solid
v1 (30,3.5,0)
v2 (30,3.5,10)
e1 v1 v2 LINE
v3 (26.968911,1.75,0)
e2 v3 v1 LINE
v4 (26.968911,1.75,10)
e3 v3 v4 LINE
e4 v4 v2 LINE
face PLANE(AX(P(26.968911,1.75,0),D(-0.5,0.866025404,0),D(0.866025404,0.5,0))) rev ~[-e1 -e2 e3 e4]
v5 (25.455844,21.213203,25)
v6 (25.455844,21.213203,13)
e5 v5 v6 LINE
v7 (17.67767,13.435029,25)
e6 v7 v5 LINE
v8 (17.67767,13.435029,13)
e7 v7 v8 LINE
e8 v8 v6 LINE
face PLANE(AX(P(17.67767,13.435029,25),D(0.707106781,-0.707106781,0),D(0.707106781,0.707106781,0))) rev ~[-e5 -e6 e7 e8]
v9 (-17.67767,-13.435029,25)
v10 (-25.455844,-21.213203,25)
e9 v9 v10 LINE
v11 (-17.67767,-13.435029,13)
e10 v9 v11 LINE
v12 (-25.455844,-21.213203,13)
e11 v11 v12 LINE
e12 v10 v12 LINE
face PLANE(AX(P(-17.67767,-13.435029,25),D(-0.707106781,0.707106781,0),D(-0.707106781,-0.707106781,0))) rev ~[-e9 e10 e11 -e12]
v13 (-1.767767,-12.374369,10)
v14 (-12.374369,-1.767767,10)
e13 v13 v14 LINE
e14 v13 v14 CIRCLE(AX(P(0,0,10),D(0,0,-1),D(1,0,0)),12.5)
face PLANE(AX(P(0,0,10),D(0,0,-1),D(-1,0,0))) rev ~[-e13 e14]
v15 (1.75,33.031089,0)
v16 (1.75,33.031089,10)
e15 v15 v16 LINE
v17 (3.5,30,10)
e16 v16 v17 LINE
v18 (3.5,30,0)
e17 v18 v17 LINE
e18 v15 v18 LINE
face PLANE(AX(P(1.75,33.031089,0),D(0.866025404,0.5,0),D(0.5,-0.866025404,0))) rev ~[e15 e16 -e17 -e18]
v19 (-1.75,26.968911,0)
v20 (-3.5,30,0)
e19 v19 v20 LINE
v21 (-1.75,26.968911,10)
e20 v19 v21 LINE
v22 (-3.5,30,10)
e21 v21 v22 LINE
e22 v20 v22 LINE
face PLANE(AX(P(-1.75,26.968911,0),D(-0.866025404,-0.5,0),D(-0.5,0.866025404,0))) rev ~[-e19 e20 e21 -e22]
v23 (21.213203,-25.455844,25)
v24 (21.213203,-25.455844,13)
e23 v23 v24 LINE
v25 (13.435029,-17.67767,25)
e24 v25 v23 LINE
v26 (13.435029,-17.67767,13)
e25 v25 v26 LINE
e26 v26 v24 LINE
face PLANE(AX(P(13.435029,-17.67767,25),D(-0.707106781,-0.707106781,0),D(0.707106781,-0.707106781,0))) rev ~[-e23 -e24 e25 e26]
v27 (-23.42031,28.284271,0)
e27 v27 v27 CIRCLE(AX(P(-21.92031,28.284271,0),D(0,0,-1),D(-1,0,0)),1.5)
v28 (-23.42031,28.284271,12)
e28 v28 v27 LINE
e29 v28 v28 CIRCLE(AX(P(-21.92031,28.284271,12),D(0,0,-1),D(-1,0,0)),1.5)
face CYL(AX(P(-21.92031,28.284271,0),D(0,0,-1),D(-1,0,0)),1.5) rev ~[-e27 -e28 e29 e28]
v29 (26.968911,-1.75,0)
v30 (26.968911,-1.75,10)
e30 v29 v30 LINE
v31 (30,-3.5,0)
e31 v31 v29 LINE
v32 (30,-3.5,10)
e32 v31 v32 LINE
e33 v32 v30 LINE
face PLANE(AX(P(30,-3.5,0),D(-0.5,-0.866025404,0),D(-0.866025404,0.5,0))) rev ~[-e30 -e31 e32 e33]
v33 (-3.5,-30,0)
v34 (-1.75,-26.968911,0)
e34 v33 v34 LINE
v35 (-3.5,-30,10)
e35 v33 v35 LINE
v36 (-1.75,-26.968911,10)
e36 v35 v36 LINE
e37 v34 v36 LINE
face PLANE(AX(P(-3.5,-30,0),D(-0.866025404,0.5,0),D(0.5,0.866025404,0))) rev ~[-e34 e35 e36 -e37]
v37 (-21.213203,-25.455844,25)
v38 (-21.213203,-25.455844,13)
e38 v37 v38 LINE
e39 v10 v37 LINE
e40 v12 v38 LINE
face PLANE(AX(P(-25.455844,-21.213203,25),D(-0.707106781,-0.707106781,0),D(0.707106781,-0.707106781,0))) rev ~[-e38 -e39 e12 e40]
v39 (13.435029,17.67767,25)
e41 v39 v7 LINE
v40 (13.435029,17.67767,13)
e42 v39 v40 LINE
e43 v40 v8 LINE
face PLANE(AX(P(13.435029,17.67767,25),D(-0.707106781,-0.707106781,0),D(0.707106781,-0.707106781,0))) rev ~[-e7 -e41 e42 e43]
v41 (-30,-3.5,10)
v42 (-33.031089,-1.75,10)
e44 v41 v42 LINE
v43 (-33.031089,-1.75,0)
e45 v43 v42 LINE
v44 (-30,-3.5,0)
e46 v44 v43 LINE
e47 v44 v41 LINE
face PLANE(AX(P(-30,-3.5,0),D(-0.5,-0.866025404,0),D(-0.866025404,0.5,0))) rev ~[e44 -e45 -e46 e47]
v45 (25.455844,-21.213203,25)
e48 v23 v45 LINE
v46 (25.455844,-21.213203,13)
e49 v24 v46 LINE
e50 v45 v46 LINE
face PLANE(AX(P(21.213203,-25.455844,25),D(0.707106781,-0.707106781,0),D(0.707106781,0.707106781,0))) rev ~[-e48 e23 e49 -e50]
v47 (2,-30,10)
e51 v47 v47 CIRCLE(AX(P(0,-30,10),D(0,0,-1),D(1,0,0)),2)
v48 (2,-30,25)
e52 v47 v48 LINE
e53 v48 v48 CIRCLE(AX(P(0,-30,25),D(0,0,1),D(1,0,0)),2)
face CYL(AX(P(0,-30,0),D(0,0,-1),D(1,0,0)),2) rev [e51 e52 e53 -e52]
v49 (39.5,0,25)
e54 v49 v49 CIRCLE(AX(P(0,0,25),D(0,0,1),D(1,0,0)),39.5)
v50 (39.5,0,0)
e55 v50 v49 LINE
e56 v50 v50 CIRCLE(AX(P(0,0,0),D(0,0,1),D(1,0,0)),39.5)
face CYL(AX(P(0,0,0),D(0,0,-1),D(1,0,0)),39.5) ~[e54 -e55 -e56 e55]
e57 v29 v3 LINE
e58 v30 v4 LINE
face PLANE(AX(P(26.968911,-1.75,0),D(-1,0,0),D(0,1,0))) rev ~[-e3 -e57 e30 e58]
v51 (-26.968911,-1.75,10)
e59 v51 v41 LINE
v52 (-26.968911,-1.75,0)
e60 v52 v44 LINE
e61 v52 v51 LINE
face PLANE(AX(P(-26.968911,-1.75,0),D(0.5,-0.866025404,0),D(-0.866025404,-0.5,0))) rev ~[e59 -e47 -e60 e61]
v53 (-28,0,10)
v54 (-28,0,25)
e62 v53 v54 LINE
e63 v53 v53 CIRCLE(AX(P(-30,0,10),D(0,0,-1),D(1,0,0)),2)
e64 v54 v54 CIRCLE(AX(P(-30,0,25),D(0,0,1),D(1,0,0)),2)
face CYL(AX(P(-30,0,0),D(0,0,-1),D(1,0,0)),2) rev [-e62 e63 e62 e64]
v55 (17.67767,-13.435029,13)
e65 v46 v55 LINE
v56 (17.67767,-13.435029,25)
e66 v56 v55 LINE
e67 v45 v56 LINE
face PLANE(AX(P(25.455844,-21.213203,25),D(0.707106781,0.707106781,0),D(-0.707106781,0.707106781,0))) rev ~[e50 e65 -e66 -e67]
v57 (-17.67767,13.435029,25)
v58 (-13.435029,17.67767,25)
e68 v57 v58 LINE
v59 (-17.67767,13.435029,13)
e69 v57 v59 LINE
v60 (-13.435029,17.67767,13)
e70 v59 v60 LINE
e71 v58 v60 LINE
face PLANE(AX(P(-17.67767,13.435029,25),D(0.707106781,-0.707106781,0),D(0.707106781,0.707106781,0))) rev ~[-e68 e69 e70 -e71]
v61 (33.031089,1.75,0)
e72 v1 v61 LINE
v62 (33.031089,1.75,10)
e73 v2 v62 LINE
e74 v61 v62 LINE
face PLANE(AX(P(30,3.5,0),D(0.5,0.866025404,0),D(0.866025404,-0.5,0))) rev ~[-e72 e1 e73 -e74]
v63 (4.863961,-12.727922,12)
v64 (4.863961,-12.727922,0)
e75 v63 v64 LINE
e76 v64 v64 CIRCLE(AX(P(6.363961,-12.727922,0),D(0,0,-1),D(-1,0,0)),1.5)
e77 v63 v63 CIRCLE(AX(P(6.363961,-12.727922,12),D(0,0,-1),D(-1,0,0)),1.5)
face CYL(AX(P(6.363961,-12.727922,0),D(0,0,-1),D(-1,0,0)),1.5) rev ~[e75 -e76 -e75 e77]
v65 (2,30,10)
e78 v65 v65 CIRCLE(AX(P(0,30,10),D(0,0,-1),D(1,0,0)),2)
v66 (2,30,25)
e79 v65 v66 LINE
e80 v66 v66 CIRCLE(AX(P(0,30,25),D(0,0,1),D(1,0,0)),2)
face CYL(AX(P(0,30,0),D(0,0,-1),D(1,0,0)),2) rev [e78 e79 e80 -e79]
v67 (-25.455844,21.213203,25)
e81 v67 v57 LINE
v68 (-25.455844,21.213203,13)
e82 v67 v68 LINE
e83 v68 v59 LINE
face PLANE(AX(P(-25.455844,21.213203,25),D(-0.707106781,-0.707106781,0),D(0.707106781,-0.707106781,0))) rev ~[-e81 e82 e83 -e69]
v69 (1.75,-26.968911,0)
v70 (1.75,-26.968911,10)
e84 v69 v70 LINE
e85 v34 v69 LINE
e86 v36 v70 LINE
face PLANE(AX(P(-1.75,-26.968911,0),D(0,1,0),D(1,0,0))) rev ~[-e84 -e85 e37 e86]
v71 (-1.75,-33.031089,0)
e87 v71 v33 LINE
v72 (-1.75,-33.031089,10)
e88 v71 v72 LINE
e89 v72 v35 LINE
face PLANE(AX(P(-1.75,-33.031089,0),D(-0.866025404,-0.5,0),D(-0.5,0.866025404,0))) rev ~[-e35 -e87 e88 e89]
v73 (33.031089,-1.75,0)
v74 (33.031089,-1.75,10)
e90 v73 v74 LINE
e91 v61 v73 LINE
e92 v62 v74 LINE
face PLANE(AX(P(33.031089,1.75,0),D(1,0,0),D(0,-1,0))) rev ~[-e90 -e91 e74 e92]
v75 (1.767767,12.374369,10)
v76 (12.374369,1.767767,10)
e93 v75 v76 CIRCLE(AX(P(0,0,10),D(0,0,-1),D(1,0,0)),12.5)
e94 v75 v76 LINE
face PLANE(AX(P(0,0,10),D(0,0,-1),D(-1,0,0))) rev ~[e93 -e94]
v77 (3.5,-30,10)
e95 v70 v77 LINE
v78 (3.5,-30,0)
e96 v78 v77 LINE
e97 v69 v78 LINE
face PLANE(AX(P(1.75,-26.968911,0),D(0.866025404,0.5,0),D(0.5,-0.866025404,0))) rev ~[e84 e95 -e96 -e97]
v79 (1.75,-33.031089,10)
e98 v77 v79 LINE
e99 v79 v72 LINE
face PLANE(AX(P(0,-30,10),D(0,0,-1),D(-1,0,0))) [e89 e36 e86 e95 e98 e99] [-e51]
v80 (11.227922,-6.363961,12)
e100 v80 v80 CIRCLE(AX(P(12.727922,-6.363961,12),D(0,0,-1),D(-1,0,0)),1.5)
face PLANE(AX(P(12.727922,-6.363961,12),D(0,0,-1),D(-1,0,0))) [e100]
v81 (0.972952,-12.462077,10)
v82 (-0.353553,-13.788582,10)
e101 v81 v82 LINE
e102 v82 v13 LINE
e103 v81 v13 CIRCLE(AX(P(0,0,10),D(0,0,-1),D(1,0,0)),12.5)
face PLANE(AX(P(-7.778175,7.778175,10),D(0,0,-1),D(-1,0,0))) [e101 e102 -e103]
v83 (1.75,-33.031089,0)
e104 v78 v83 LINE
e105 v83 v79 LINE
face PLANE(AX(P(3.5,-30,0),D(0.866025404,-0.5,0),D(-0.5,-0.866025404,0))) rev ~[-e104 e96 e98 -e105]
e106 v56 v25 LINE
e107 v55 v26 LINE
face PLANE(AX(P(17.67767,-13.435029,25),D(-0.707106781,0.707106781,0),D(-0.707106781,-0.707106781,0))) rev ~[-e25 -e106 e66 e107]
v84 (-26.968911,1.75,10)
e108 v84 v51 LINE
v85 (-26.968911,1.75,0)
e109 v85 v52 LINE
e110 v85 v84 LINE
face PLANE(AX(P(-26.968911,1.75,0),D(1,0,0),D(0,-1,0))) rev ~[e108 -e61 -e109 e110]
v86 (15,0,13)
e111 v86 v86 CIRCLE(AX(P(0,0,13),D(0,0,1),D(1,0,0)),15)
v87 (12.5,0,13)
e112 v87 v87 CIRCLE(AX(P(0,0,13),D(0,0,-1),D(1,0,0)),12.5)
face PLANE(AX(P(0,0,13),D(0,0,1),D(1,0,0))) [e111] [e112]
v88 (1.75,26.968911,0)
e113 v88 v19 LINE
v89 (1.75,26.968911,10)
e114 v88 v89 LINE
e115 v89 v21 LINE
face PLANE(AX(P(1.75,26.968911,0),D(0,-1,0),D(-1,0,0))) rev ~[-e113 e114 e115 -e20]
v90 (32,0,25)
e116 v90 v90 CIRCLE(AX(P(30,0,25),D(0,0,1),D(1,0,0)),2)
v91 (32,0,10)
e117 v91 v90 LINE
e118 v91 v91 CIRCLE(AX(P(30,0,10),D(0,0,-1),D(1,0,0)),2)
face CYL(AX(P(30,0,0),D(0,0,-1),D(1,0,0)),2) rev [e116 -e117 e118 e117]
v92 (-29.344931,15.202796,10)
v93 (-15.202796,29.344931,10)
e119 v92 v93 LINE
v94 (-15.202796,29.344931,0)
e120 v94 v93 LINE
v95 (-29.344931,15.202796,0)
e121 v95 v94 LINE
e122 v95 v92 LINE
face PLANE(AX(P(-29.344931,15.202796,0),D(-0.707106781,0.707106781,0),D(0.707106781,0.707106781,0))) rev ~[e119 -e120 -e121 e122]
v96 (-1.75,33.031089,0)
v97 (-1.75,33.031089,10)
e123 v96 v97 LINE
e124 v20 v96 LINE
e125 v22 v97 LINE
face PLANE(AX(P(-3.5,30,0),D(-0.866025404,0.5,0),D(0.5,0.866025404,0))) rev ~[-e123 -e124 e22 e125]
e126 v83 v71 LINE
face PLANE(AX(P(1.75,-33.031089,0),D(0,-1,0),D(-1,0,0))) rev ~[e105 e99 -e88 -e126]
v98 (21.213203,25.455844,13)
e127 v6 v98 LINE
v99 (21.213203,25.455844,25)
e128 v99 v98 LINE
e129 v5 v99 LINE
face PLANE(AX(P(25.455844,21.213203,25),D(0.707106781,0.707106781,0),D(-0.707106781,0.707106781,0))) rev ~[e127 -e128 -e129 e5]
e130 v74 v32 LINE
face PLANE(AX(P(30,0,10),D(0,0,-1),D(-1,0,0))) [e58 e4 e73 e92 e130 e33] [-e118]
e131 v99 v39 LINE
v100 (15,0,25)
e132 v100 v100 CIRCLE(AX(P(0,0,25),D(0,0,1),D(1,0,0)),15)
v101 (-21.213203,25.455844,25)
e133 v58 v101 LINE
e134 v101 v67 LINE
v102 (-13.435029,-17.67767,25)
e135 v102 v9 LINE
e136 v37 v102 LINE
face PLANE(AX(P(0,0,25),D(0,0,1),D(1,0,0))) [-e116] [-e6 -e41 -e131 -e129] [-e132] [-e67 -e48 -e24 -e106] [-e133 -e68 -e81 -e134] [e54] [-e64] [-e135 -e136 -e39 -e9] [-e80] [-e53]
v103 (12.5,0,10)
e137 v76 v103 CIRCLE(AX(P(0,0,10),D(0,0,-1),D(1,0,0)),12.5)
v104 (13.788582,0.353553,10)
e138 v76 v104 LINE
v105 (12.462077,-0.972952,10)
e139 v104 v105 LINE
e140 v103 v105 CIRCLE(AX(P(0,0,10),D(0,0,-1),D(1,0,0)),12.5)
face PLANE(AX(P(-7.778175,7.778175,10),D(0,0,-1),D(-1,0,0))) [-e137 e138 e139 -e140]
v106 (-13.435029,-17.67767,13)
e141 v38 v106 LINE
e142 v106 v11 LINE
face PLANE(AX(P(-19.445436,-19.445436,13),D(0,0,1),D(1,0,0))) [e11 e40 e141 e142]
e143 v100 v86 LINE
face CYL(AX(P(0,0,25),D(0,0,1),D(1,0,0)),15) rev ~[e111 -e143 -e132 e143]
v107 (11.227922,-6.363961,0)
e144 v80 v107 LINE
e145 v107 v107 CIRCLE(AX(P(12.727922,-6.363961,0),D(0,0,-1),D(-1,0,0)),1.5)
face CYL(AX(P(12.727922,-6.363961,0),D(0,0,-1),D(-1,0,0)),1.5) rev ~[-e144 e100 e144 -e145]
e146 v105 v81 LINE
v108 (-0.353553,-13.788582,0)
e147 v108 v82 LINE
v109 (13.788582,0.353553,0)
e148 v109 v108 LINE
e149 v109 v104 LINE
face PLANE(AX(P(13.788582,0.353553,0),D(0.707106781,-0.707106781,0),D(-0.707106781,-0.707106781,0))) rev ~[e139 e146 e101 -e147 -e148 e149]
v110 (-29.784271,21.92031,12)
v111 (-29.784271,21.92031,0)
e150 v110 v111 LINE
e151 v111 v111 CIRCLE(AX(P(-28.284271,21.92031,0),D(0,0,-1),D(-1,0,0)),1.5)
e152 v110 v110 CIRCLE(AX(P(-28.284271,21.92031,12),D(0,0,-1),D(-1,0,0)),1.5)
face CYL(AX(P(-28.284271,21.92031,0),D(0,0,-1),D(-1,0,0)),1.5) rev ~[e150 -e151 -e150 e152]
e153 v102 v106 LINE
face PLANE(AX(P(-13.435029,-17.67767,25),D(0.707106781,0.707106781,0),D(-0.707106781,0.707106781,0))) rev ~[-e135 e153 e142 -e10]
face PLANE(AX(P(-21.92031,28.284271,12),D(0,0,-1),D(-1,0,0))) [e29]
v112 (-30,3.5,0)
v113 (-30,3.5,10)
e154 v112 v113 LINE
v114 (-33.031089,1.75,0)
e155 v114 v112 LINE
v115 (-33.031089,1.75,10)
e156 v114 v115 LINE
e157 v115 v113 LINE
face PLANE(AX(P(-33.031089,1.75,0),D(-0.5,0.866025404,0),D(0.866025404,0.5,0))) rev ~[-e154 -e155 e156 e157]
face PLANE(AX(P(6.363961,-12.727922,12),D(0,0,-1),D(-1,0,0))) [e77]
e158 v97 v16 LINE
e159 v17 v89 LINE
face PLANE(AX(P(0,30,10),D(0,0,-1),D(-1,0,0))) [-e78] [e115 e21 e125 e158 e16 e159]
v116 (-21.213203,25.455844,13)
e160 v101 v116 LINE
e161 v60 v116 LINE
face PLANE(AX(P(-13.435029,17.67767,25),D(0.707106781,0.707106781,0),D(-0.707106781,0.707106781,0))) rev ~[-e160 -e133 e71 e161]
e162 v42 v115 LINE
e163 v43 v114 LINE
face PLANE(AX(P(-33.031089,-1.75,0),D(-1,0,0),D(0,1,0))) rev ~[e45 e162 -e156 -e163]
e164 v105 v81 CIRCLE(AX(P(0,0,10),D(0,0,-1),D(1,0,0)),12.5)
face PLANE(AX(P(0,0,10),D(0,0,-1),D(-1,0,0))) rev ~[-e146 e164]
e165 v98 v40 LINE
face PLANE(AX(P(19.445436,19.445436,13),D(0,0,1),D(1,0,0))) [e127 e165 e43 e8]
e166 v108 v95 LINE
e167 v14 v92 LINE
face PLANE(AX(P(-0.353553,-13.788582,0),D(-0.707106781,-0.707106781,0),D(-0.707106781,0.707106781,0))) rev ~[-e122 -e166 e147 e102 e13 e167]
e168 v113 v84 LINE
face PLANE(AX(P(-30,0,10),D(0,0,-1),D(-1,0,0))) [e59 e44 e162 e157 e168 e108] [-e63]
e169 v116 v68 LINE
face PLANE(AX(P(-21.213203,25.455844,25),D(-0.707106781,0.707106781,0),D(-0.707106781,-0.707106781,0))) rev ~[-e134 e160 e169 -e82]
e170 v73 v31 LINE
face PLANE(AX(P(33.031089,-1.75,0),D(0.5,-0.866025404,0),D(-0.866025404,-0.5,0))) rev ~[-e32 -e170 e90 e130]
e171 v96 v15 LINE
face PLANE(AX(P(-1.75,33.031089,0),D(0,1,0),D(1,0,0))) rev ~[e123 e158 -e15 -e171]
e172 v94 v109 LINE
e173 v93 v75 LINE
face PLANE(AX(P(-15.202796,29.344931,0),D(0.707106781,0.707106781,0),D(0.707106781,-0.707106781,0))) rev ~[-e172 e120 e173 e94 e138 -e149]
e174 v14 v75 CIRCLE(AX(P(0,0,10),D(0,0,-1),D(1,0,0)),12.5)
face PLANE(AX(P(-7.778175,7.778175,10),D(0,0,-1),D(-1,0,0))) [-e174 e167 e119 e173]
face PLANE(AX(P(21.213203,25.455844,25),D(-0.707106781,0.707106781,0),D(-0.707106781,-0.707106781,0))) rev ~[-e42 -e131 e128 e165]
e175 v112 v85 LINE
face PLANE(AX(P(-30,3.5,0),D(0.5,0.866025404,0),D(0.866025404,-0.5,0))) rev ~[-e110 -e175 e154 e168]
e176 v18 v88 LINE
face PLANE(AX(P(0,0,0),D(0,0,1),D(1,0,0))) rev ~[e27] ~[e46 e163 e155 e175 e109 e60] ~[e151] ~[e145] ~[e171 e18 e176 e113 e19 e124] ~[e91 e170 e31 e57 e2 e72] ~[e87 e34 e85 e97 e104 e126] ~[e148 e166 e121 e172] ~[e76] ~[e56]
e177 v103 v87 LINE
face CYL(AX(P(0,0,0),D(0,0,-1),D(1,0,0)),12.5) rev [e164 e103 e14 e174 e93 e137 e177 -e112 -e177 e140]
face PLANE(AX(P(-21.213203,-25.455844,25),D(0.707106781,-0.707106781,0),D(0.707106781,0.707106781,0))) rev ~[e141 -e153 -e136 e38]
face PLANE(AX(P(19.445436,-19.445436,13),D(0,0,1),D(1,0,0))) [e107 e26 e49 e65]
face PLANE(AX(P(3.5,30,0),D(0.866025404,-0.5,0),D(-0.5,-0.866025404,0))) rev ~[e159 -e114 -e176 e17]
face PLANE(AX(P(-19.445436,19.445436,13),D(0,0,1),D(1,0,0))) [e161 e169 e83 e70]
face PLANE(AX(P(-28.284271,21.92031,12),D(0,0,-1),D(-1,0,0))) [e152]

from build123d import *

# Parameters (mm, degrees)
CROQUIS1_R              = 39.5
CROQUIS1_R_2            = 12.5
CROQUIS1_R_3            = 2
SALIENTE_EXTRUIR1_DEPTH = 25
CROQUIS3_R              = 15
CORTAR_EXTRUIR1_DEPTH   = 12
CROQUIS5_R              = 16.857920318
SALIENTE_EXTRUIR2_DEPTH = 10
CROQUIS4_R              = 1.5
CORTAR_EXTRUIR2_DEPTH   = 10
CROQUIS6_R              = 1.5
CORTAR_EXTRUIR3_DEPTH   = 12


with BuildPart() as part:
    # Croquis1 → Saliente-Extruir1 (new body)
    with BuildSketch(Plane.XY):
        Circle(CROQUIS1_R)
        Circle(CROQUIS1_R_2, mode=Mode.SUBTRACT)
        with Locations((0, 30)):
            Circle(CROQUIS1_R_3, mode=Mode.SUBTRACT)
        with Locations((30, 0)):
            Circle(CROQUIS1_R_3, mode=Mode.SUBTRACT)
        with Locations((0, -30)):
            Circle(CROQUIS1_R_3, mode=Mode.SUBTRACT)
        with Locations((-30, 0)):
            Circle(CROQUIS1_R_3, mode=Mode.SUBTRACT)
    extrude(amount=SALIENTE_EXTRUIR1_DEPTH)

    # Croquis3 → Cortar-Extruir1 (cut)
    with BuildSketch(Plane.XY.offset(25)):
        Circle(CROQUIS3_R)
        Polygon((17.67766953, 13.435028843), (25.455844123, 21.213203436), (21.213203436, 25.455844123), (13.435028843, 17.67766953), align=None)
        Polygon((13.435028843, -17.67766953), (21.213203436, -25.455844123), (25.455844123, -21.213203436), (17.67766953, -13.435028843), align=None)
        Polygon((-17.67766953, -13.435028843), (-25.455844123, -21.213203436), (-21.213203436, -25.455844123), (-13.435028843, -17.67766953), align=None)
        Polygon((-13.435028843, 17.67766953), (-21.213203436, 25.455844123), (-25.455844123, 21.213203436), (-17.67766953, 13.435028843), align=None)
    extrude(amount=-CORTAR_EXTRUIR1_DEPTH, mode=Mode.SUBTRACT)

    # Croquis5 → Saliente-Extruir2 (add)
    with BuildSketch(Plane(origin=(0, 0, 0), x_dir=(-1, 0, 0), z_dir=(0, 0, -1))):
        Circle(CROQUIS5_R)
    extrude(amount=-SALIENTE_EXTRUIR2_DEPTH)

    # Croquis4 → Cortar-Extruir2 (cut)
    with BuildSketch(Plane(origin=(0, 0, 0), x_dir=(-1, 0, 0), z_dir=(0, 0, -1))):
        with Locations((-12.727922061, -6.363961031)):
            Circle(CROQUIS4_R)
        with Locations((-6.363961031, -12.727922061)):
            Circle(CROQUIS4_R)
        with Locations((21.920310217, 28.284271247)):
            Circle(CROQUIS4_R)
        with Locations((28.284271247, 21.920310217)):
            Circle(CROQUIS4_R)
        Polygon((30, -3.5), (33.031088913, -1.75), (33.031088913, 1.75), (30, 3.5), (26.968911087, 1.75), (26.968911087, -1.75), align=None)
        Polygon((3.5, 30), (1.75, 33.031088913), (-1.75, 33.031088913), (-3.5, 30), (-1.75, 26.968911087), (1.75, 26.968911087), align=None)
        Polygon((-3.5, -30), (-1.75, -33.031088913), (1.75, -33.031088913), (3.5, -30), (1.75, -26.968911087), (-1.75, -26.968911087), align=None)
        Polygon((-30, 3.5), (-33.031088913, 1.75), (-33.031088913, -1.75), (-30, -3.5), (-26.968911087, -1.75), (-26.968911087, 1.75), align=None)
        Polygon((0.353553391, -13.788582233), (29.344931419, 15.202795796), (15.202795796, 29.344931419), (-13.788582233, 0.353553391), align=None)
    extrude(amount=-CORTAR_EXTRUIR2_DEPTH, mode=Mode.SUBTRACT)

    # Croquis6 → Cortar-Extruir3 (cut)
    with BuildSketch(Plane(origin=(0, 0, 0), x_dir=(-1, 0, 0), z_dir=(0, 0, -1))):
        with Locations((-12.727922061, -6.363961031)):
            Circle(CROQUIS6_R)
        with Locations((-6.363961031, -12.727922061)):
            Circle(CROQUIS6_R)
        with Locations((21.920310217, 28.284271247)):
            Circle(CROQUIS6_R)
        with Locations((28.284271247, 21.920310217)):
            Circle(CROQUIS6_R)
    extrude(amount=-CORTAR_EXTRUIR3_DEPTH, mode=Mode.SUBTRACT)


solid = part.part
